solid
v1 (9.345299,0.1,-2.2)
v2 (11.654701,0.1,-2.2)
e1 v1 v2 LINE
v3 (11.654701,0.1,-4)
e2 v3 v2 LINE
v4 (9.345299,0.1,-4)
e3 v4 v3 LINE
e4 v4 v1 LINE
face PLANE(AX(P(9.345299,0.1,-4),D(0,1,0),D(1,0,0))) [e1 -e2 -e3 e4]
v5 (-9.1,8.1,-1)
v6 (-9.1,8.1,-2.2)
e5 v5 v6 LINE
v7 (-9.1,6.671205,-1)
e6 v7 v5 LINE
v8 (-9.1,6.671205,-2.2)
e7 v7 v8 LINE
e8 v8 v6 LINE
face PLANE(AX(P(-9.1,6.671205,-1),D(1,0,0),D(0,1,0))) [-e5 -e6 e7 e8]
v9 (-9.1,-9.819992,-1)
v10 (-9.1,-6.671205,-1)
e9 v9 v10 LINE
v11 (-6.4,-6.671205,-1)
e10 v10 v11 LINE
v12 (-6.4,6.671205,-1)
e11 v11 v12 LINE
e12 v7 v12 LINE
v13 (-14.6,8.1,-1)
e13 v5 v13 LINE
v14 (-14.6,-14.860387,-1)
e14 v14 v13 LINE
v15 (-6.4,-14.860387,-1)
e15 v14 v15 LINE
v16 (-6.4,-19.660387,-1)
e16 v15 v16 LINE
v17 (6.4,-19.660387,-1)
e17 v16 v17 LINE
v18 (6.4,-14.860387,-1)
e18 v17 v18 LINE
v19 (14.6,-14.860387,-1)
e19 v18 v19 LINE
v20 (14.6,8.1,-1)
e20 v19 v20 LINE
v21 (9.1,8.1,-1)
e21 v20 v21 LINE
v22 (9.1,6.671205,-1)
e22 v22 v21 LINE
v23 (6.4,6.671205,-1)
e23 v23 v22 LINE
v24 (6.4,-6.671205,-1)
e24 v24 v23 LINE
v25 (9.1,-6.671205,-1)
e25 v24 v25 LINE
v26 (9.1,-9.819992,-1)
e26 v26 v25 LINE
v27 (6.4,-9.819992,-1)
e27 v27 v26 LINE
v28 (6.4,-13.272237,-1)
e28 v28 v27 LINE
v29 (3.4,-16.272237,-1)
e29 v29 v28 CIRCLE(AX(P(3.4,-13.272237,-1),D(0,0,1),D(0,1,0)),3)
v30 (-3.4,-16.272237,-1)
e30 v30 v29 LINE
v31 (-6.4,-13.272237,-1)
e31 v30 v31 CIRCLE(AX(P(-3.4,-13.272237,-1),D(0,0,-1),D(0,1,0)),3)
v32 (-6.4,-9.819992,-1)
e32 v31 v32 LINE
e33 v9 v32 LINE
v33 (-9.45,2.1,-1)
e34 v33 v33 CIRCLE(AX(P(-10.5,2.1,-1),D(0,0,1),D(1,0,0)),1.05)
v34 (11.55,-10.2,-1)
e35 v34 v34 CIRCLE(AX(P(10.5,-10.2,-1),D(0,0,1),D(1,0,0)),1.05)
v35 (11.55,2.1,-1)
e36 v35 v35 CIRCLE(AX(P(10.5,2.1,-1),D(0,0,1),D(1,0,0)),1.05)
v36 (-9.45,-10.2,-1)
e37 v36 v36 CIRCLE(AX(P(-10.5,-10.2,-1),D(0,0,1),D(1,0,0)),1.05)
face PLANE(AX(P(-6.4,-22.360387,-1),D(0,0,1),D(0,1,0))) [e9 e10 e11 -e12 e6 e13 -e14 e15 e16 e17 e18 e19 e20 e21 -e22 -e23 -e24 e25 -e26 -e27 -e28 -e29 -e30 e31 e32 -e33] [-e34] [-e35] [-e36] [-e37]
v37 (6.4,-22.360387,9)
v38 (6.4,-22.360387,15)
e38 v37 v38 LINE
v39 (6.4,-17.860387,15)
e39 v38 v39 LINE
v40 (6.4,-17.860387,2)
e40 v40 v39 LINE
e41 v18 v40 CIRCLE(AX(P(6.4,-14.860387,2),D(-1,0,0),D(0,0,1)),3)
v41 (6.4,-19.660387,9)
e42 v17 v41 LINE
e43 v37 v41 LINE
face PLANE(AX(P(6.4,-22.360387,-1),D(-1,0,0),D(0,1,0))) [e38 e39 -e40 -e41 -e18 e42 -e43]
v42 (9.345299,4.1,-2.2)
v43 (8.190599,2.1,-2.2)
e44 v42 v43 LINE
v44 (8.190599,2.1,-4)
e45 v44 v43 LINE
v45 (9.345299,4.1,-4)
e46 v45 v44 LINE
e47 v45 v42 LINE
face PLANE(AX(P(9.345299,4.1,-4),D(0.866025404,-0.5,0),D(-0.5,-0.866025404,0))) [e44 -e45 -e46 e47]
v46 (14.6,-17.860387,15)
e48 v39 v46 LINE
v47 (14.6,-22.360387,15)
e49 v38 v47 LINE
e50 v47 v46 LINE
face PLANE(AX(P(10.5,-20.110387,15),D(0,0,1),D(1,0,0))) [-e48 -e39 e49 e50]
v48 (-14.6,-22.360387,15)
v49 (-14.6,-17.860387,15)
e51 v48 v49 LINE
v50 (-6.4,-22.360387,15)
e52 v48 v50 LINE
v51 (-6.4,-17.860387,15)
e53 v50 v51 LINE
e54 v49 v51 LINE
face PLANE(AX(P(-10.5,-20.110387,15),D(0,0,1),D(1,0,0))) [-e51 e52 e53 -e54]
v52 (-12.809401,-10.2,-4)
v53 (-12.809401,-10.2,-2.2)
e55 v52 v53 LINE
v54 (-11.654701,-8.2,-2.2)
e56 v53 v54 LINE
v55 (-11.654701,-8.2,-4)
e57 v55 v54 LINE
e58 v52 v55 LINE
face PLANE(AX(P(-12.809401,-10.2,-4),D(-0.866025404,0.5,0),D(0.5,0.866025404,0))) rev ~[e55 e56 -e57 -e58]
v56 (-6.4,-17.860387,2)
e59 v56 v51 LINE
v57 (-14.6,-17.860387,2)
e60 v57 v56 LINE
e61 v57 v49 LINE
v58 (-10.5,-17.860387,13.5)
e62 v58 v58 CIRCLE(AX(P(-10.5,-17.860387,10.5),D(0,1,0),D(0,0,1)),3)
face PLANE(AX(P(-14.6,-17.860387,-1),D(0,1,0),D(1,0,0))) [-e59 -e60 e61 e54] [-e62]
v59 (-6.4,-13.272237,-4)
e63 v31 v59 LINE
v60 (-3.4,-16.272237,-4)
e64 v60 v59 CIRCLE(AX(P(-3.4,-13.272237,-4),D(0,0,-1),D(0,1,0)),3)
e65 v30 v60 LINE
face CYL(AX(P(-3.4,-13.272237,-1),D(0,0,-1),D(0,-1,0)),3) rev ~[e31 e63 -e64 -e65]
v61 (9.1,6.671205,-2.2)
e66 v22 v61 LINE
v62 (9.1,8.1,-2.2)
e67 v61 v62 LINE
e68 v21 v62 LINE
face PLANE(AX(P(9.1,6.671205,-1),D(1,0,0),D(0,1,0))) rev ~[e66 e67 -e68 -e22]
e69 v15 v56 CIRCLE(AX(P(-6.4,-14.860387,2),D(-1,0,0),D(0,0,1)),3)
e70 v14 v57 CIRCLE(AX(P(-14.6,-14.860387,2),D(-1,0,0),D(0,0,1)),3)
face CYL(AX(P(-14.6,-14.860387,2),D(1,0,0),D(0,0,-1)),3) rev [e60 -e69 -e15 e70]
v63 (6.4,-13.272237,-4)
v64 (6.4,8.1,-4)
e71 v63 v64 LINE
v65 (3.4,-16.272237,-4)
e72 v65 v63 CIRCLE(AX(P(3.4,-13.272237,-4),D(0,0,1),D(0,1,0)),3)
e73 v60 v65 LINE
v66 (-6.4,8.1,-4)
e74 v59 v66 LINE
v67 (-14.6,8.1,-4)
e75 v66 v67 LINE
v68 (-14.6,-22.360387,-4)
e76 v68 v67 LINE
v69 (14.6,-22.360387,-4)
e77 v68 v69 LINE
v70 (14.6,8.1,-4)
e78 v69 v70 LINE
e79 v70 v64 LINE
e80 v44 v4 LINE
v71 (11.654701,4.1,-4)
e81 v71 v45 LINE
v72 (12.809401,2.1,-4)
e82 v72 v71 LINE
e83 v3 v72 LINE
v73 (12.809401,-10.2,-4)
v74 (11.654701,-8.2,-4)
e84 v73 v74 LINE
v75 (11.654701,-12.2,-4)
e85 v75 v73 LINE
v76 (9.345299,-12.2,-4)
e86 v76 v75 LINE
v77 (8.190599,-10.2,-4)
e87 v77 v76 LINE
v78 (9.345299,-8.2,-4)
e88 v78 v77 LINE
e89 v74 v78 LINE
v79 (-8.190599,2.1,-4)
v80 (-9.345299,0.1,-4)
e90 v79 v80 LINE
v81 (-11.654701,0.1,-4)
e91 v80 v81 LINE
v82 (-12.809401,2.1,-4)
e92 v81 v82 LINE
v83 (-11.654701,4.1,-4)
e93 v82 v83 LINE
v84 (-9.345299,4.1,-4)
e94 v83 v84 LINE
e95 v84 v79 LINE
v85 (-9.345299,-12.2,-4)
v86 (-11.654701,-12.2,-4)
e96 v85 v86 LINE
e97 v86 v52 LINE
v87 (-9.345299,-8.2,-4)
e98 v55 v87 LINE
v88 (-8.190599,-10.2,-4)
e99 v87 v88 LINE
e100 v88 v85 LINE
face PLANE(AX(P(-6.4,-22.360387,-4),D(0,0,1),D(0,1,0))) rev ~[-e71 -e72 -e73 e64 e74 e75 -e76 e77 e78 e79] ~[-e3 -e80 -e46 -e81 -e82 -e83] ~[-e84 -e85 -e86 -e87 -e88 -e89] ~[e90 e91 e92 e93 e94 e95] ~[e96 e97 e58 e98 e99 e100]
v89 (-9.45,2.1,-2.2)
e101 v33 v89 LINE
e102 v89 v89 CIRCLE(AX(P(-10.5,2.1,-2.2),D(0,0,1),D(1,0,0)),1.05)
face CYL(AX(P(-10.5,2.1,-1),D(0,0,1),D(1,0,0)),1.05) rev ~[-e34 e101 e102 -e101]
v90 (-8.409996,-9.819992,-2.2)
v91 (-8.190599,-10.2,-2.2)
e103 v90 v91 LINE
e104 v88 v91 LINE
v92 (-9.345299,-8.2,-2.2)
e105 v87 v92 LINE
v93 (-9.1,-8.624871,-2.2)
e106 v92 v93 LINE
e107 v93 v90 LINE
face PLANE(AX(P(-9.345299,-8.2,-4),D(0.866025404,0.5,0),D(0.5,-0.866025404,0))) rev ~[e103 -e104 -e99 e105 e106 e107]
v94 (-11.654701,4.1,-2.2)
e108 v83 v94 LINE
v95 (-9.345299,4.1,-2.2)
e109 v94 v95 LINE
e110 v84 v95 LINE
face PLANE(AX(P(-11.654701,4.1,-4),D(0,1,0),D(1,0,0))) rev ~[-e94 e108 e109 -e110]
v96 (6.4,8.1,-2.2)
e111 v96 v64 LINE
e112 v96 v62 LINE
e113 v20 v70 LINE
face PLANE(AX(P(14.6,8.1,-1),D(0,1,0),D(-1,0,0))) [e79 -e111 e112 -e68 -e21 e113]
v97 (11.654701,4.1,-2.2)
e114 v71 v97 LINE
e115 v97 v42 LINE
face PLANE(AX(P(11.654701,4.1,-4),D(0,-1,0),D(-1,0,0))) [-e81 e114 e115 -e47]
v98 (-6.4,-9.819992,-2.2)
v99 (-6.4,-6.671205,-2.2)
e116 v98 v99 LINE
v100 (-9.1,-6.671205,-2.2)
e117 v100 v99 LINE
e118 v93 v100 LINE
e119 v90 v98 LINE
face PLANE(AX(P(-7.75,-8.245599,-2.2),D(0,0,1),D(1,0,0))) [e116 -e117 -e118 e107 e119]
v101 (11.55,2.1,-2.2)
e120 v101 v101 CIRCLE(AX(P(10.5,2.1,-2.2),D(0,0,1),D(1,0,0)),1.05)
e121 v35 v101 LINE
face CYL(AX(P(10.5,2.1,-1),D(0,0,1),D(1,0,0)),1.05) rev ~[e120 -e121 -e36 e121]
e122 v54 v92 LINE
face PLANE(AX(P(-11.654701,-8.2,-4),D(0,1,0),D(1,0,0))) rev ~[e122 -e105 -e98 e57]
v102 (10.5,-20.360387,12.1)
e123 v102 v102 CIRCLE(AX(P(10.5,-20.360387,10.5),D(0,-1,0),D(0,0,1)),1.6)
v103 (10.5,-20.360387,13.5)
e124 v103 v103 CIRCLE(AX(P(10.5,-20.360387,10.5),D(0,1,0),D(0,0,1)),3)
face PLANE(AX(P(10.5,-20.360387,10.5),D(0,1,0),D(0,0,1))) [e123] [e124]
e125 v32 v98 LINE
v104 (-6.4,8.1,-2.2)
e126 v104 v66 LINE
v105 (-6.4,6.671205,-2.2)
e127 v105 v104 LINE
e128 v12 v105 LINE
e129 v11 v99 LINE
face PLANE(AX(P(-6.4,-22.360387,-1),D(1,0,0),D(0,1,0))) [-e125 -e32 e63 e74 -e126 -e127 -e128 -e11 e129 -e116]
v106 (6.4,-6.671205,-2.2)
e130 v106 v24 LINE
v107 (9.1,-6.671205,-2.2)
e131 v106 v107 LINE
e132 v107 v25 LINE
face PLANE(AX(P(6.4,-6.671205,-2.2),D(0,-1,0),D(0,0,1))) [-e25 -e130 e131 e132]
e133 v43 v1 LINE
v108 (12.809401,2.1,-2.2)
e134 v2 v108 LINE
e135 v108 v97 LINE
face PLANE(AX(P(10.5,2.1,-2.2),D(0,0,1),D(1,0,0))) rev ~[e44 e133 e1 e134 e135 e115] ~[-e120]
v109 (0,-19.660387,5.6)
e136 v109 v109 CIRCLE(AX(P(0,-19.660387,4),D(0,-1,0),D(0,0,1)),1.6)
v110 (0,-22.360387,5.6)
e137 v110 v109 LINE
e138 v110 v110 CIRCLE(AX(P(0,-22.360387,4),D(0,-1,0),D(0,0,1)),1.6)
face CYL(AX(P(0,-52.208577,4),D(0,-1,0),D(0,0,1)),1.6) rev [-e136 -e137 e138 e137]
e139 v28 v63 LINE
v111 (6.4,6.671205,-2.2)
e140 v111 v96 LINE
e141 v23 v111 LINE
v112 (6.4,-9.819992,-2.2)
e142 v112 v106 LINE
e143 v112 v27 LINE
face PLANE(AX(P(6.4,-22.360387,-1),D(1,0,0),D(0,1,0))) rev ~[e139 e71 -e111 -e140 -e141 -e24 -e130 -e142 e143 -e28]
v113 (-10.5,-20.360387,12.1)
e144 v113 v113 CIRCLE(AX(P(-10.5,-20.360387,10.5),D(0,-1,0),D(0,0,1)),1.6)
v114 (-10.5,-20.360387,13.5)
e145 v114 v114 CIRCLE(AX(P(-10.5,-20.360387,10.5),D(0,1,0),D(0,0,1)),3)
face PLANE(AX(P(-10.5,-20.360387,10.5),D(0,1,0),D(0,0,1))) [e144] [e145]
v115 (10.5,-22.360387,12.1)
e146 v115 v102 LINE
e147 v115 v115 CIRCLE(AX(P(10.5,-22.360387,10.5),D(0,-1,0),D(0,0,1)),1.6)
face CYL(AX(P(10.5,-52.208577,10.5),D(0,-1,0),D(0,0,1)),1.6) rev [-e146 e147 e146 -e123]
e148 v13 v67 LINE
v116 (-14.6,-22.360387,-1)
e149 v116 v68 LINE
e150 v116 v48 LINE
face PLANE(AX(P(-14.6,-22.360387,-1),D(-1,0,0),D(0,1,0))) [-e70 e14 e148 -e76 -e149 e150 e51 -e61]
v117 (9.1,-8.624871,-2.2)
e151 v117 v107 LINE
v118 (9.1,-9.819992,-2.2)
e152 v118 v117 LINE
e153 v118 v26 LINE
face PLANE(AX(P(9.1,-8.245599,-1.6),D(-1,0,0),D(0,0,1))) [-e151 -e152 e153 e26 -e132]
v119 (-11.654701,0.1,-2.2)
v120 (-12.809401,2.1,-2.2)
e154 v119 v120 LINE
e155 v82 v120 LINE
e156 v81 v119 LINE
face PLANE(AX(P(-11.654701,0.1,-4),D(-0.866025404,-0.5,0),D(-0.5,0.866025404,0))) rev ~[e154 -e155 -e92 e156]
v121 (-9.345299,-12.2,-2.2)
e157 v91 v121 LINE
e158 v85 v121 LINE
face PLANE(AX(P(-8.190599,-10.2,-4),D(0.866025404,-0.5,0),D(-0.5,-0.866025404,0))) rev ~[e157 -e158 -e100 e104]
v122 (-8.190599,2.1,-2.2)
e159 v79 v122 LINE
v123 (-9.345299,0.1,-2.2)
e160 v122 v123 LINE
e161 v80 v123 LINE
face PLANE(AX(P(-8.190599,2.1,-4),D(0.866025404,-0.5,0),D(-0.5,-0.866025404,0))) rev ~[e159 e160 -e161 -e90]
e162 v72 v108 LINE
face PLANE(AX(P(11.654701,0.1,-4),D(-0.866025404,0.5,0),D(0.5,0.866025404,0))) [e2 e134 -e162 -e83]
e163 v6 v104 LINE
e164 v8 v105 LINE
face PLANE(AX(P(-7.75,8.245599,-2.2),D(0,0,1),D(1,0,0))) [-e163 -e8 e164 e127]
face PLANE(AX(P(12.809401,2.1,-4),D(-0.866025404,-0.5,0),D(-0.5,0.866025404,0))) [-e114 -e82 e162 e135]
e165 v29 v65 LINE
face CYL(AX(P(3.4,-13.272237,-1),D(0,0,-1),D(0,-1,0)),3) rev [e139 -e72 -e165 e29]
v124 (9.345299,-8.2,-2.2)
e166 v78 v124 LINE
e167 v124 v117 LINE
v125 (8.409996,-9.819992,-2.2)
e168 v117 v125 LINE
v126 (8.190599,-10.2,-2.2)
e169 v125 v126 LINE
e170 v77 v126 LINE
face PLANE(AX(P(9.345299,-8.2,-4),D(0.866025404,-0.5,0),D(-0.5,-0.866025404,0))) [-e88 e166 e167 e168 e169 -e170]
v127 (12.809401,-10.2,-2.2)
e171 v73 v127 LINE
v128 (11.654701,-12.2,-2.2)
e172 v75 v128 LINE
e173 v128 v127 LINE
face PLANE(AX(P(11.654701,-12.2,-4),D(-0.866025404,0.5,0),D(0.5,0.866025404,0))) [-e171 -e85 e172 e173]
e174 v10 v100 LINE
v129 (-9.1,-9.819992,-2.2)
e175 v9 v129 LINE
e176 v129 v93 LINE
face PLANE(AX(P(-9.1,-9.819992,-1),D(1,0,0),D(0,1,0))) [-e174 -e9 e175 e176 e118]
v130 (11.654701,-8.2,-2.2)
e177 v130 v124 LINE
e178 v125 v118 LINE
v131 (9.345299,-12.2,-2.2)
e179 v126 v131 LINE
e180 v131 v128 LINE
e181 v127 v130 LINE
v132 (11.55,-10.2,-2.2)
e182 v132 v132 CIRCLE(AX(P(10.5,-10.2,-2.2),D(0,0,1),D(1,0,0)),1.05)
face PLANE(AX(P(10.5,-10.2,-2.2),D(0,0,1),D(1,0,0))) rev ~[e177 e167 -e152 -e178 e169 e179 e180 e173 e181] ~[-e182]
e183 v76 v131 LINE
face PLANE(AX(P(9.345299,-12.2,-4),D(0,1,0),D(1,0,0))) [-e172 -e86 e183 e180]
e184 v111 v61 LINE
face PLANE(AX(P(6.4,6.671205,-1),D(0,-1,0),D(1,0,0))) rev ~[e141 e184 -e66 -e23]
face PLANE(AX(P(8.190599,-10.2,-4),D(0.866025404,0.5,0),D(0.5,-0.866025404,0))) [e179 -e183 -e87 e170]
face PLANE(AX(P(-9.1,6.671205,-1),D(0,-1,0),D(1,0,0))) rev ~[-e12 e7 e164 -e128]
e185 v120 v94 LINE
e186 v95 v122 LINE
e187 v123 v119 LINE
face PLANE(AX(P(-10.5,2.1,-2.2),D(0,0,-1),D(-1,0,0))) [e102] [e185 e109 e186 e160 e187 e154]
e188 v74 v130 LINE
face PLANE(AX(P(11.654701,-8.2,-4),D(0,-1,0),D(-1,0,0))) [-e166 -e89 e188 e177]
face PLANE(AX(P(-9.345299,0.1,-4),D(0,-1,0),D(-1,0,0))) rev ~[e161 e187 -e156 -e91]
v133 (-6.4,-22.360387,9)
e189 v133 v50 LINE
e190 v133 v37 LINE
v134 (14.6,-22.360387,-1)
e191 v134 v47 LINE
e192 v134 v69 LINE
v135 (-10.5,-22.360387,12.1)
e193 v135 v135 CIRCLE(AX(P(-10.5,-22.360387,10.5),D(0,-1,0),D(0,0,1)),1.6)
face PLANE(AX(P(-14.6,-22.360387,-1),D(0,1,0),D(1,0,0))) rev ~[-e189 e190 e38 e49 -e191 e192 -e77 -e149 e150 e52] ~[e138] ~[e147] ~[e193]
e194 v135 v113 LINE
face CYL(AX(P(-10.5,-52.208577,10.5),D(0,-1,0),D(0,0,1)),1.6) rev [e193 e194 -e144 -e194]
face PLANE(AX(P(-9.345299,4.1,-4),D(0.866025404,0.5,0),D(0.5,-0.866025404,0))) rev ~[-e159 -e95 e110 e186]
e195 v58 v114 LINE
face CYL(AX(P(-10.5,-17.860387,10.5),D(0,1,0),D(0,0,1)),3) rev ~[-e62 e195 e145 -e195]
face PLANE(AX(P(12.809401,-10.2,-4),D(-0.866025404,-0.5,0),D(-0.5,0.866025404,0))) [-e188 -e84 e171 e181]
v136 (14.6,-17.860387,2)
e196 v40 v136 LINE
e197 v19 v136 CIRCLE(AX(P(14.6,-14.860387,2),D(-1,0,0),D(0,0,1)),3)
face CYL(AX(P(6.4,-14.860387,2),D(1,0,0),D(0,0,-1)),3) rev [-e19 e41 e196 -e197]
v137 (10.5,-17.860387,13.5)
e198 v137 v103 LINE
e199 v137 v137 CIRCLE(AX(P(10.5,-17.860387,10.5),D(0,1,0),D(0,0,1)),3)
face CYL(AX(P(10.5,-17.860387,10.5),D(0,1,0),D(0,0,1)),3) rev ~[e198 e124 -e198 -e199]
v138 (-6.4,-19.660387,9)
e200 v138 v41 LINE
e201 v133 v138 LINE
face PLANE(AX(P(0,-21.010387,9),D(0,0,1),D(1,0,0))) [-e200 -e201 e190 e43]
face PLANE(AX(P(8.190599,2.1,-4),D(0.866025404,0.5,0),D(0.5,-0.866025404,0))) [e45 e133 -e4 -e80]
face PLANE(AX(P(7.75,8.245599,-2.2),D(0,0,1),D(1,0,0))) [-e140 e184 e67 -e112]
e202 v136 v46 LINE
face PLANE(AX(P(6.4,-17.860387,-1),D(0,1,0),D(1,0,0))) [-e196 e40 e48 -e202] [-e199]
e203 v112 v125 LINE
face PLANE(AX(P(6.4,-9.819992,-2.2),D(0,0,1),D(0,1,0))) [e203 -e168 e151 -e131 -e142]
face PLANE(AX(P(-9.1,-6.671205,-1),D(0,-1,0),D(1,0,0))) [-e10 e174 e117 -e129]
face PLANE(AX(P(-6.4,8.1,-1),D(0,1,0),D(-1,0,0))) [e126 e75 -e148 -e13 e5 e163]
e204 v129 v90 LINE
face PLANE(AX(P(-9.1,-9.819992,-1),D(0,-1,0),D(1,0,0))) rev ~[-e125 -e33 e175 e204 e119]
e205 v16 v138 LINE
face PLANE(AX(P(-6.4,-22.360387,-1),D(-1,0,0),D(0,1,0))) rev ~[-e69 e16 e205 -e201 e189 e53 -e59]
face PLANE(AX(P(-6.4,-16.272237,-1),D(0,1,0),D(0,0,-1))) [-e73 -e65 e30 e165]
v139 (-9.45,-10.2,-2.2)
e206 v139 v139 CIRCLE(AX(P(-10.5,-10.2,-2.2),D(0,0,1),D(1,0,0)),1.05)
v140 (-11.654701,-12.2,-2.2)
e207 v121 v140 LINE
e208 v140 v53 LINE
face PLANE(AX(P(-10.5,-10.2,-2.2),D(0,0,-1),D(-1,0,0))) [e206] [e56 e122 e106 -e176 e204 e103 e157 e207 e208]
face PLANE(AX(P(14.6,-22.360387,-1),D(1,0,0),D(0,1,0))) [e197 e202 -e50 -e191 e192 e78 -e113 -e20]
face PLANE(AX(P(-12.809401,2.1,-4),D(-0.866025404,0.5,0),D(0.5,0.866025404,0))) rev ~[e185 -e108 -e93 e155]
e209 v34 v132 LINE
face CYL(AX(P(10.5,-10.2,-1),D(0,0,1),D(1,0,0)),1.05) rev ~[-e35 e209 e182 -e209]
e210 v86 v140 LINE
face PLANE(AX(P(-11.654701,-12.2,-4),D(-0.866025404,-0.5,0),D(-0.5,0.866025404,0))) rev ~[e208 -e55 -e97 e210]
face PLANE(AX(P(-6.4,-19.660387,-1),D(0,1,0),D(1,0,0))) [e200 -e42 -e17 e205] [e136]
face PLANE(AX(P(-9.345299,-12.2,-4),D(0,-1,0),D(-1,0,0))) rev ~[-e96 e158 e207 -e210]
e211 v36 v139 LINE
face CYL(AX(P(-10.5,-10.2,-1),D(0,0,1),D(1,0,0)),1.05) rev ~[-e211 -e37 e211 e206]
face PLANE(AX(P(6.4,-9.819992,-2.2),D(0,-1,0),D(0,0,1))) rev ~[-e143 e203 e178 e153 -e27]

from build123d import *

# Parameters (mm, degrees)
ESBO_O2_W                  = 8.2
ESBO_O2_H                  = 30.460387467
RESSALTO_EXTRUS_O1_DEPTH   = 3
RESSALTO_EXTRUS_O1_2_DEPTH = 3
RESSALTO_EXTRUS_O2_REACH   = 32.935
ESBO_O3_W                  = 3
ESBO_O3_H                  = 6.088150409
ESBO_O4_W                  = 12.8
ESBO_O4_H                  = 2.7
RESSALTO_EXTRUS_O3_DEPTH   = 10
ESBO_O5_W                  = 8.2
ESBO_O5_H                  = 4.5
RESSALTO_EXTRUS_O4_DEPTH   = 16
CORTE_EXTRUS_O1_DEPTH      = 34.348189118
CORTE_EXTRUS_O1_DEPTH_BACK = 34.348189118
ESBO_O6_R                  = 1.6
ESBO_O7_R                  = 3
CORTE_EXTRUS_O2_DEPTH      = 2.5
ESBO_O8_R                  = 1.05
CORTE_EXTRUS_O3_DEPTH      = 32.131124741
FILETE1_R                  = 3
ESBO_O9_W                  = 1.2
ESBO_O9_H                  = 3.148787123
CORTE_EXTRUS_O4_DEPTH      = 2.7
FILETE2_R                  = 3
CORTE_EXTRUS_O5_DEPTH      = 1.8
ESBO_O13_W                 = 2.7
ESBO_O13_H                 = 3.148787123
CORTE_EXTRUS_O7_DEPTH      = 1.2


with BuildPart() as part:
    # Esboço2 → Ressalto-extrusão1 (new body)
    with BuildSketch(Plane(origin=(0, 0, -1), x_dir=(-1, 0, 0), z_dir=(0, 0, -1))):
        with Locations((10.5, -7.130193734)):
            Rectangle(ESBO_O2_W, ESBO_O2_H)
    extrude(amount=RESSALTO_EXTRUS_O1_DEPTH)


with BuildPart() as body_2:
    # Esboço2 → Ressalto-extrus_o1 2 (new body)
    with BuildSketch(Plane(origin=(0, 0, -1), x_dir=(-1, 0, 0), z_dir=(0, 0, -1))):
        with Locations((-10.5, -7.130193734)):
            Rectangle(ESBO_O2_W, ESBO_O2_H)
    extrude(amount=RESSALTO_EXTRUS_O1_2_DEPTH)

    # Esboço3 → Ressalto-extrusão2 (add, up to next)
    with BuildSketch(Plane(origin=(-6.4, 0, 0), x_dir=(0, 0, -1), z_dir=(1, 0, 0)), mode=Mode.PRIVATE) as ressalto_extrus_o2_sk1:
        with Locations((2.5, -19.316312263)):
            Rectangle(ESBO_O3_W, ESBO_O3_H)
    ressalto_extrus_o2_tool1 = extrude(ressalto_extrus_o2_sk1.sketch, amount=RESSALTO_EXTRUS_O2_REACH, mode=Mode.PRIVATE) - body_2.part

    add(part.part)  # Ressalto-extrusão2 merges part
    add(ressalto_extrus_o2_tool1.solids().sort_by_distance((-6.4, -19.316312, -2.5))[0])

    # Esboço4 → Ressalto-extrusão3 (add)
    with BuildSketch(Plane.XY.offset(-1)):
        with Locations((0, -21.010387467)):
            Rectangle(ESBO_O4_W, ESBO_O4_H)
    extrude(amount=RESSALTO_EXTRUS_O3_DEPTH)

    # Esboço5 → Ressalto-extrusão4 (add)
    with BuildSketch(Plane.XY.offset(-1)):
        with Locations((-10.5, -20.110387467)):
            Rectangle(ESBO_O5_W, ESBO_O5_H)
        with Locations((10.5, -20.110387467)):
            Rectangle(ESBO_O5_W, ESBO_O5_H)
    extrude(amount=RESSALTO_EXTRUS_O4_DEPTH)

    # Esboço6 → Corte-extrusão1 (cut, two sides: drawn at the far end of the back side and taken through both)
    with BuildSketch(Plane(origin=(0, -17.860387467, 0), x_dir=(1, 0, 0), z_dir=(0, 1, 0)).offset(-CORTE_EXTRUS_O1_DEPTH_BACK)):
        with Locations(Location((0, -4, 0), (0, 0, 270))):
            Circle(ESBO_O6_R)
        with Locations(Location((10.5, -10.5, 0), (0, 0, 270))):
            Circle(ESBO_O6_R)
        with Locations(Location((-10.5, -10.5, 0), (0, 0, 270))):
            Circle(ESBO_O6_R)
    extrude(amount=CORTE_EXTRUS_O1_DEPTH + CORTE_EXTRUS_O1_DEPTH_BACK, mode=Mode.SUBTRACT)

    # Esboço7 → Corte-extrusão2 (cut)
    with BuildSketch(Plane(origin=(0, -17.860387467, 0), x_dir=(1, 0, 0), z_dir=(0, 1, 0))):
        with Locations(Location((10.5, -10.5, 0), (0, 0, 270))):
            Circle(ESBO_O7_R)
        with Locations(Location((-10.5, -10.5, 0), (0, 0, 270))):
            Circle(ESBO_O7_R)
    extrude(amount=-CORTE_EXTRUS_O2_DEPTH, mode=Mode.SUBTRACT)

    # Esboço8 → Corte-extrusão3 (cut, through all)
    with BuildSketch(Plane.XY.offset(-1)):
        with Locations((-10.5, 2.1)):
            Circle(ESBO_O8_R)
        with Locations((10.5, 2.1)):
            Circle(ESBO_O8_R)
        with Locations((10.5, -10.2)):
            Circle(ESBO_O8_R)
        with Locations((-10.5, -10.2)):
            Circle(ESBO_O8_R)
    extrude(amount=-CORTE_EXTRUS_O3_DEPTH, mode=Mode.SUBTRACT)

    # Filete1
    filete1_edges = [body_2.edges().sort_by_distance(p)[0] for p in [
        (6.4, -16.272237058, -2.5),
        (-6.4, -16.272237058, -2.5),
    ]]
    fillet(filete1_edges, radius=FILETE1_R)

    # Esboço9 → Corte-extrusão4 (cut)
    with BuildSketch(Plane.ZY.offset(-6.4)):
        with Locations((-1.6, -8.245598841)):
            Rectangle(ESBO_O9_W, ESBO_O9_H)
    extrude(amount=-CORTE_EXTRUS_O4_DEPTH, mode=Mode.SUBTRACT)

    # Filete2
    filete2_edges = [body_2.edges().sort_by_distance(p)[0] for p in [
        (-10.5, -17.860387467, -1),
        (10.5, -17.860387467, -1),
    ]]
    fillet(filete2_edges, radius=FILETE2_R)

    # Esboço10 → Corte-extrusão5 (cut)
    with BuildSketch(Plane(origin=(0, 0, -4), x_dir=(-1, 0, 0), z_dir=(0, 0, -1))):
        Polygon((12.809401077, 2.1), (11.654700538, 4.1), (9.345299462, 4.1), (8.190598923, 2.1), (9.345299462, 0.1), (11.654700538, 0.1), align=None)
        Polygon((12.809401077, -10.2), (11.654700538, -8.2), (9.345299462, -8.2), (8.190598923, -10.2), (9.345299462, -12.2), (11.654700538, -12.2), align=None)
        Polygon((-11.654700538, -12.2), (-12.809401077, -10.2), (-11.654700538, -8.2), (-9.345299462, -8.2), (-8.190598923, -10.2), (-9.345299462, -12.2), align=None)
        Polygon((-11.654700538, 0.1), (-12.809401077, 2.1), (-11.654700538, 4.1), (-9.345299462, 4.1), (-8.190598923, 2.1), (-9.345299462, 0.1), align=None)
    extrude(amount=-CORTE_EXTRUS_O5_DEPTH, mode=Mode.SUBTRACT)

    # Esboço13 → Corte-extrusão7 (cut)
    with BuildSketch(Plane.XY.offset(-1)):
        with Locations((7.75, -8.245598841)):
            Rectangle(ESBO_O13_W, ESBO_O13_H)
        with Locations((7.75, 8.245598841)):
            Rectangle(ESBO_O13_W, ESBO_O13_H)
        with Locations((-7.75, 8.245598841)):
            Rectangle(ESBO_O13_W, ESBO_O13_H)
        with Locations((-7.75, -8.245598841)):
            Rectangle(ESBO_O13_W, ESBO_O13_H)
    extrude(amount=-CORTE_EXTRUS_O7_DEPTH, mode=Mode.SUBTRACT)


solid = body_2.part
